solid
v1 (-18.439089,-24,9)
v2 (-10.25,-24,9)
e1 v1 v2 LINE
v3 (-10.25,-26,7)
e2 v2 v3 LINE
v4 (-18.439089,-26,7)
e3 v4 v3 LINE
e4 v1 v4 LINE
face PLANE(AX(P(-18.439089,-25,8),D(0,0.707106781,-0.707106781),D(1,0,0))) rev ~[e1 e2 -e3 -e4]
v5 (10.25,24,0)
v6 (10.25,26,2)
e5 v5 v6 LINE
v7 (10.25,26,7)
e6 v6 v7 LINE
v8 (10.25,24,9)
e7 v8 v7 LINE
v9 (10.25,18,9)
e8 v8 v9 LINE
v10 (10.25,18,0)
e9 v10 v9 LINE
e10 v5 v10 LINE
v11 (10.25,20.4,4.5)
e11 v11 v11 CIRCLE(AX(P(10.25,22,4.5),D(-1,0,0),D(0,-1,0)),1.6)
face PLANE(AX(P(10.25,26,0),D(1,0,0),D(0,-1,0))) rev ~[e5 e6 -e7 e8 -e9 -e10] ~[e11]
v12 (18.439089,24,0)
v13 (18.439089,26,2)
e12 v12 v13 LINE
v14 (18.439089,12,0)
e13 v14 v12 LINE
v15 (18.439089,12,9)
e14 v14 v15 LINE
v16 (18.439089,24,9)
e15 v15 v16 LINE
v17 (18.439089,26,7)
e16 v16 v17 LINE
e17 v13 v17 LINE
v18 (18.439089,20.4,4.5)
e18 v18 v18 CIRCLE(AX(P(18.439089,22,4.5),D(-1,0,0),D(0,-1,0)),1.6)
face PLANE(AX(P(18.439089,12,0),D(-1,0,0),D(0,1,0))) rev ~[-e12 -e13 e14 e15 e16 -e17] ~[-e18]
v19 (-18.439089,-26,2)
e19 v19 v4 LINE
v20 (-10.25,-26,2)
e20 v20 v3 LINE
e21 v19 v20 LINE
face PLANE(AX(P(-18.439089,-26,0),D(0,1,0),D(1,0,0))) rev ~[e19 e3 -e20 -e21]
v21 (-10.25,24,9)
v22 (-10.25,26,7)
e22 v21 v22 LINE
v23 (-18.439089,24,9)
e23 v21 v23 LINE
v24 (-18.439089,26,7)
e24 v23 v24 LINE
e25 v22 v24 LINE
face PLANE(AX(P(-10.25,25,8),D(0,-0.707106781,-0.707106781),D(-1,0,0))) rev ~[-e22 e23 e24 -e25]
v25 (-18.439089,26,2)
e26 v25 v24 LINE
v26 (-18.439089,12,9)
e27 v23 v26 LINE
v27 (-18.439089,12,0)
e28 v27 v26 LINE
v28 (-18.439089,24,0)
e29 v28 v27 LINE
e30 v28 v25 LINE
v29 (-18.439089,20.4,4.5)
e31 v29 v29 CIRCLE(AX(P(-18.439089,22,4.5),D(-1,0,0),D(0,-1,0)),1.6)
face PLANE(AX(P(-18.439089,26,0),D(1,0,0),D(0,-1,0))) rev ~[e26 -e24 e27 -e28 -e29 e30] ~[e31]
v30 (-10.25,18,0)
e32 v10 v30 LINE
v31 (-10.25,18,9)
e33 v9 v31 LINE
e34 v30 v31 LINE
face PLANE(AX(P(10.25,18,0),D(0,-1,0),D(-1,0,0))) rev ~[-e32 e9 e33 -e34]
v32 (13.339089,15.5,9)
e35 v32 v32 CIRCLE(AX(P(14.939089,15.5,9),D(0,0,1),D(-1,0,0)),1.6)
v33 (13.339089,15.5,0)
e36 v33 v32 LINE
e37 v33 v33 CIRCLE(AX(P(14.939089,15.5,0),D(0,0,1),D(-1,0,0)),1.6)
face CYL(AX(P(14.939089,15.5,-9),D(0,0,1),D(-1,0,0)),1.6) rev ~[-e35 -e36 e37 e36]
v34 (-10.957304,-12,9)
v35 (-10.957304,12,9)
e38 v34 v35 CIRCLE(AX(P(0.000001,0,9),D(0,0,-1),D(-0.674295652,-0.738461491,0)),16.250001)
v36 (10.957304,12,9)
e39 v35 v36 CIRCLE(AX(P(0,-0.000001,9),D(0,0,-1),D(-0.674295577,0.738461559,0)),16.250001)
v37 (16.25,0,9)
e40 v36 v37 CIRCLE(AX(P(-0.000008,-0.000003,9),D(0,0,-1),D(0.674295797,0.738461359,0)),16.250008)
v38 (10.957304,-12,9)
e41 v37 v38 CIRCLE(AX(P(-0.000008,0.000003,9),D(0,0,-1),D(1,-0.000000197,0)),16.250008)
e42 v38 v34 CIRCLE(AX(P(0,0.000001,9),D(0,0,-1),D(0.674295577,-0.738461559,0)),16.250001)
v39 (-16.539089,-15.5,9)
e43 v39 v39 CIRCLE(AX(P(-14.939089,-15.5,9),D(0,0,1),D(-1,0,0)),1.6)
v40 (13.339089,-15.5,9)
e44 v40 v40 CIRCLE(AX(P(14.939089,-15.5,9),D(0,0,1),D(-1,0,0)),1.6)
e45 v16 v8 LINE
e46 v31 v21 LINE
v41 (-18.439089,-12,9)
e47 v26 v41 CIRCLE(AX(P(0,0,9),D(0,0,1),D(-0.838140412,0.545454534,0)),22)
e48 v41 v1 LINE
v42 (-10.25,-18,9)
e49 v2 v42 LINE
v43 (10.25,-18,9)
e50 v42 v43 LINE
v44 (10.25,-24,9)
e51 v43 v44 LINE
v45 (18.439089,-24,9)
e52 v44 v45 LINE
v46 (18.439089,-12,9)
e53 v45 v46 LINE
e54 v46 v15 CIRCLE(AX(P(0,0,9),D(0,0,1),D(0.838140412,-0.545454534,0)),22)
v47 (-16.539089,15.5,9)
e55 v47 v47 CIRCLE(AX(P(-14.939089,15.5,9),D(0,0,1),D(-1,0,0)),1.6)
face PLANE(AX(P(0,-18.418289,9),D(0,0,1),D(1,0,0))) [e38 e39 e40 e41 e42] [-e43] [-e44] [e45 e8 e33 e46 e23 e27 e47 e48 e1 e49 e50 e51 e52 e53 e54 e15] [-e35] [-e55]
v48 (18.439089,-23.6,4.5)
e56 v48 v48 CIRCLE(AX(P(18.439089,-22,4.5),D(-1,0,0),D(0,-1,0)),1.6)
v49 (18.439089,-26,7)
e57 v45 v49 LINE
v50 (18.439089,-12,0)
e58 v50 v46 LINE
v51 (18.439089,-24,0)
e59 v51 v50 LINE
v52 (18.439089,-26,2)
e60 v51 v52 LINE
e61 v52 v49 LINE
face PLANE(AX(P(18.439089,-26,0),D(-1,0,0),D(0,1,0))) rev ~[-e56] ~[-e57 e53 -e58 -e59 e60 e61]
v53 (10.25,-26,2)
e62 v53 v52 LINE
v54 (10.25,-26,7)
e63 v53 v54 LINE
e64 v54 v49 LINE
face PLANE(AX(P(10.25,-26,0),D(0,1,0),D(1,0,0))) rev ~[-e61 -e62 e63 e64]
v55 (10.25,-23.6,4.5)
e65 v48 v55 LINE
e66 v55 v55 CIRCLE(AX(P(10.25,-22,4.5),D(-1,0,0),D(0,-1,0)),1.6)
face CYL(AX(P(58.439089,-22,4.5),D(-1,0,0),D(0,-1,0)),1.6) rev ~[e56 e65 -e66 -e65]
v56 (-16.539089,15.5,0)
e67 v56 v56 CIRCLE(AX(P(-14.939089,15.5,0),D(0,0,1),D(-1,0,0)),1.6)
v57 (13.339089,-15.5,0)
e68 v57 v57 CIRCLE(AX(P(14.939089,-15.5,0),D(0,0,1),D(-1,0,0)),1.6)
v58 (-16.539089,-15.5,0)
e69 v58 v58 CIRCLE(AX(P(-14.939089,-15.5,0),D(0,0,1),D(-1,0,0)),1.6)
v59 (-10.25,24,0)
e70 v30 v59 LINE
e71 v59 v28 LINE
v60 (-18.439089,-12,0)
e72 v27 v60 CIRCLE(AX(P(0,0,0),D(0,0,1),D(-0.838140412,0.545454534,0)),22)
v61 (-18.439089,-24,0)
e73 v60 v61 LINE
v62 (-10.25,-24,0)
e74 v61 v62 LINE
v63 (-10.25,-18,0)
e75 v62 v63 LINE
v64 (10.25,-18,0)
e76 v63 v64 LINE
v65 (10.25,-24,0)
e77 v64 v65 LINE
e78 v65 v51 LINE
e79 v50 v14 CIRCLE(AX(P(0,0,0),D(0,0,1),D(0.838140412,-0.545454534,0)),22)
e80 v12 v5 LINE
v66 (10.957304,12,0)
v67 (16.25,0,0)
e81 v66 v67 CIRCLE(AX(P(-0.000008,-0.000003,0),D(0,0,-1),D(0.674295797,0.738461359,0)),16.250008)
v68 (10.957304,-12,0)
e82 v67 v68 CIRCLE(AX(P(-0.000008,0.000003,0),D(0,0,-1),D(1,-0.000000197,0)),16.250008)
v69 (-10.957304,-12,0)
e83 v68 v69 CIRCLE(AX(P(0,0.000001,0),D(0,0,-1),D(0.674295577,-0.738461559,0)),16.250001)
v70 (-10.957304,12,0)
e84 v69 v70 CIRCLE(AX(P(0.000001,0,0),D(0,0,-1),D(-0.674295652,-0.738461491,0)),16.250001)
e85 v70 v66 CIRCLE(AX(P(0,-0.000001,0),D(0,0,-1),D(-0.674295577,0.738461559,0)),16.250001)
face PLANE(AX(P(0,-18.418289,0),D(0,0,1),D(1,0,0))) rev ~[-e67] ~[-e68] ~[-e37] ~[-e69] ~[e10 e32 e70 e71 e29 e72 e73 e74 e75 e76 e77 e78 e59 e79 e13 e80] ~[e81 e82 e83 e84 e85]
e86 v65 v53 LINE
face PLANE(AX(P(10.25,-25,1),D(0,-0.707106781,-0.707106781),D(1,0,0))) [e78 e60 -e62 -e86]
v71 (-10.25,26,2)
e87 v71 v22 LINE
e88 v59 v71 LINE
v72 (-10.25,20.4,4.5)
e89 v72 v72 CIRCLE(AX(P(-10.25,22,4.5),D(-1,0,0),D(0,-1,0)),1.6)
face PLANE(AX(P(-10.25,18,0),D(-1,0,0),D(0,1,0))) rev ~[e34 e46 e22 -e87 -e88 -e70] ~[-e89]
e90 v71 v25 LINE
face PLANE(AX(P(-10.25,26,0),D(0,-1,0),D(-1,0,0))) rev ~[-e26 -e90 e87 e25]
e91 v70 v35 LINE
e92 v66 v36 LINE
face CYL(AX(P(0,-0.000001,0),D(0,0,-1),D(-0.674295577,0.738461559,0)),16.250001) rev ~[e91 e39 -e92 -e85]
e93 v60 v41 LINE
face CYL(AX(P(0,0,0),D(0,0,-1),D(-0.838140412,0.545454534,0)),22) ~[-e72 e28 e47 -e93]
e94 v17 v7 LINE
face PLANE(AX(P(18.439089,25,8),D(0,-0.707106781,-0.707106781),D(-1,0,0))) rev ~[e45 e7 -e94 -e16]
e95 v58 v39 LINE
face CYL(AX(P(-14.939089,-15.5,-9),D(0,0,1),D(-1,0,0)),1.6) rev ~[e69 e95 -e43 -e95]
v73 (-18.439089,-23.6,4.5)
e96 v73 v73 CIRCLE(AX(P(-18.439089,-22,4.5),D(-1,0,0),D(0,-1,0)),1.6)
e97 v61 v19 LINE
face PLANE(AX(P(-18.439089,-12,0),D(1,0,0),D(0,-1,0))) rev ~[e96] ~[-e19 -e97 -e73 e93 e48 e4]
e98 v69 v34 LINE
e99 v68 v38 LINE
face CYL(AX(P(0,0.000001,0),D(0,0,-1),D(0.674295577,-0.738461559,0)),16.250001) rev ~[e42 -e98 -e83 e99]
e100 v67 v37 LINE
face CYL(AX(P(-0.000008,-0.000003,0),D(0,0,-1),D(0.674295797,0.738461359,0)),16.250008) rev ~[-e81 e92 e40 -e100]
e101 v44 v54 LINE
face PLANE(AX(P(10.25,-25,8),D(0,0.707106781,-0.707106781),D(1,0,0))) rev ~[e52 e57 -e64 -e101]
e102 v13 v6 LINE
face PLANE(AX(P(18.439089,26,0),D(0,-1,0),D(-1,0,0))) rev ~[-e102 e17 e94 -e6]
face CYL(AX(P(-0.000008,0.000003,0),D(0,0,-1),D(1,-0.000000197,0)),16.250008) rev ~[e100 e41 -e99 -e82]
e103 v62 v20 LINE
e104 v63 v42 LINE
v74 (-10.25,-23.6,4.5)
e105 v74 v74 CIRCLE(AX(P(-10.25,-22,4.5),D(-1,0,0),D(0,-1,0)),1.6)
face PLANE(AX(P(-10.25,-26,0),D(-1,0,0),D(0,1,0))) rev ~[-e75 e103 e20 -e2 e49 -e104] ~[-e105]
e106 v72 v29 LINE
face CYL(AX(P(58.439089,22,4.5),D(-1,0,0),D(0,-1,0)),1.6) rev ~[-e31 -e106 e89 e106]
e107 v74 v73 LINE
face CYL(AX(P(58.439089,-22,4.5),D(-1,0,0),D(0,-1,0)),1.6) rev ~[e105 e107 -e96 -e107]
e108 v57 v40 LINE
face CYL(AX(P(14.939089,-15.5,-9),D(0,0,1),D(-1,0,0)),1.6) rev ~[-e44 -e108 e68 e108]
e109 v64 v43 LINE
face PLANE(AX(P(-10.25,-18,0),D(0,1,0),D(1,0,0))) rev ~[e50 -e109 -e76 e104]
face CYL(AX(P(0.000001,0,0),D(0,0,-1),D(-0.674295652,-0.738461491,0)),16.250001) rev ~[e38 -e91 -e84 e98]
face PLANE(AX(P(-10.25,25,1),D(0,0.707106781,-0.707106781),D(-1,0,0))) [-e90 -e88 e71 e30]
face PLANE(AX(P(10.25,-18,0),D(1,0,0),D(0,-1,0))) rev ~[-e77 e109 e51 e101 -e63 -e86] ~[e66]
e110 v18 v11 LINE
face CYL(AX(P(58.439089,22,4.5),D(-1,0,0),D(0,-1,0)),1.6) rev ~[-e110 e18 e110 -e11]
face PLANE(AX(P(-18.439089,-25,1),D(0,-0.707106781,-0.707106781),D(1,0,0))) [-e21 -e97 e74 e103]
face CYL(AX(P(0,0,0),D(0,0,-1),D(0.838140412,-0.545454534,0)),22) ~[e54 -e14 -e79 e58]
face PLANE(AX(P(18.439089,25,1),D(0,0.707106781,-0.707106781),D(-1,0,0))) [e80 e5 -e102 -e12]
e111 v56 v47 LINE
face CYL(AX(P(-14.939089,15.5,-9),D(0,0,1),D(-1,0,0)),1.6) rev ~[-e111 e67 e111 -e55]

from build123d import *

# Parameters (mm, degrees)
F1_DEPTH = 9
F2_D     = 3.2
F2_DEPTH = 9
F4_D     = 3.2
F4_DEPTH = 40
F5_SIZE  = 2


with BuildPart() as f1:
    # F0 (on Top) → F1 (new body)
    with BuildSketch(Plane.XY):
        with BuildLine():
            Line((18.439089, -12), (10.957304, -12))
            ThreePointArc((10.957304, -12), (0, -16.25), (-10.957304, -12))
            Line((-10.957304, -12), (-18.439089, -12))
            Line((-18.439089, -12), (-18.439089, -26))
            Line((-18.439089, -26), (-10.25, -26))
            Line((-10.25, -26), (-10.25, -18))
            Line((-10.25, -18), (10.25, -18))
            Line((10.25, -18), (10.25, -26))
            Line((10.25, -26), (18.439089, -26))
            Line((18.439089, -26), (18.439089, -12))
        make_face()
        with BuildLine():
            ThreePointArc((-10.957304, -12), (-16.25, 0), (-10.957304, 12))
            Line((-10.957304, 12), (-18.439089, 12))
            ThreePointArc((-18.439089, 12), (-22, 0), (-18.439089, -12))
            Line((-18.439089, -12), (-10.957304, -12))
        make_face()
        with BuildLine():
            ThreePointArc((-10.957304, 12), (0, 16.25), (10.957304, 12))
            Line((10.957304, 12), (18.439089, 12))
            Line((18.439089, 12), (18.439089, 26))
            Line((18.439089, 26), (10.25, 26))
            Line((10.25, 26), (10.25, 18))
            Line((10.25, 18), (-10.25, 18))
            Line((-10.25, 18), (-10.25, 26))
            Line((-10.25, 26), (-18.439089, 26))
            Line((-18.439089, 26), (-18.439089, 12))
            Line((-18.439089, 12), (-10.957304, 12))
        make_face()
        with BuildLine():
            ThreePointArc((10.957304, 12), (14.868064, 6.557679), (16.25, 0))
            ThreePointArc((16.25, 0), (14.868064, -6.557679), (10.957304, -12))
            Line((10.957304, -12), (18.439089, -12))
            ThreePointArc((18.439089, -12), (22, 0), (18.439089, 12))
            Line((18.439089, 12), (10.957304, 12))
        make_face()
    extrude(amount=F1_DEPTH)

    # F2
    with Locations(Plane(origin=(0, 0, 0), x_dir=(1, 0, 0), z_dir=(0, 0, -1))):
        with Locations((-14.939089, -15.5), (14.939089, -15.5), (14.939089, 15.5), (-14.939089, 15.5)):
            Hole(F2_D / 2, depth=F2_DEPTH)

    # F4
    with Locations(Plane.YZ.offset(18.439089)):
        with Locations((-22, 4.5), (22, 4.5)):
            Hole(F4_D / 2, depth=F4_DEPTH)

    # F5
    f5_edges = [f1.edges().sort_by_distance(p)[0] for p in [
        (14.344544, 26, 9),
        (14.344544, 26, 0),
        (-14.344544, 26, 9),
        (-14.344544, 26, 0),
        (-14.344544, -26, 9),
        (14.344544, -26, 9),
        (14.344544, -26, 0),
        (-14.344544, -26, 0),
    ]]
    chamfer(f5_edges, length=F5_SIZE)


solid = f1.part
